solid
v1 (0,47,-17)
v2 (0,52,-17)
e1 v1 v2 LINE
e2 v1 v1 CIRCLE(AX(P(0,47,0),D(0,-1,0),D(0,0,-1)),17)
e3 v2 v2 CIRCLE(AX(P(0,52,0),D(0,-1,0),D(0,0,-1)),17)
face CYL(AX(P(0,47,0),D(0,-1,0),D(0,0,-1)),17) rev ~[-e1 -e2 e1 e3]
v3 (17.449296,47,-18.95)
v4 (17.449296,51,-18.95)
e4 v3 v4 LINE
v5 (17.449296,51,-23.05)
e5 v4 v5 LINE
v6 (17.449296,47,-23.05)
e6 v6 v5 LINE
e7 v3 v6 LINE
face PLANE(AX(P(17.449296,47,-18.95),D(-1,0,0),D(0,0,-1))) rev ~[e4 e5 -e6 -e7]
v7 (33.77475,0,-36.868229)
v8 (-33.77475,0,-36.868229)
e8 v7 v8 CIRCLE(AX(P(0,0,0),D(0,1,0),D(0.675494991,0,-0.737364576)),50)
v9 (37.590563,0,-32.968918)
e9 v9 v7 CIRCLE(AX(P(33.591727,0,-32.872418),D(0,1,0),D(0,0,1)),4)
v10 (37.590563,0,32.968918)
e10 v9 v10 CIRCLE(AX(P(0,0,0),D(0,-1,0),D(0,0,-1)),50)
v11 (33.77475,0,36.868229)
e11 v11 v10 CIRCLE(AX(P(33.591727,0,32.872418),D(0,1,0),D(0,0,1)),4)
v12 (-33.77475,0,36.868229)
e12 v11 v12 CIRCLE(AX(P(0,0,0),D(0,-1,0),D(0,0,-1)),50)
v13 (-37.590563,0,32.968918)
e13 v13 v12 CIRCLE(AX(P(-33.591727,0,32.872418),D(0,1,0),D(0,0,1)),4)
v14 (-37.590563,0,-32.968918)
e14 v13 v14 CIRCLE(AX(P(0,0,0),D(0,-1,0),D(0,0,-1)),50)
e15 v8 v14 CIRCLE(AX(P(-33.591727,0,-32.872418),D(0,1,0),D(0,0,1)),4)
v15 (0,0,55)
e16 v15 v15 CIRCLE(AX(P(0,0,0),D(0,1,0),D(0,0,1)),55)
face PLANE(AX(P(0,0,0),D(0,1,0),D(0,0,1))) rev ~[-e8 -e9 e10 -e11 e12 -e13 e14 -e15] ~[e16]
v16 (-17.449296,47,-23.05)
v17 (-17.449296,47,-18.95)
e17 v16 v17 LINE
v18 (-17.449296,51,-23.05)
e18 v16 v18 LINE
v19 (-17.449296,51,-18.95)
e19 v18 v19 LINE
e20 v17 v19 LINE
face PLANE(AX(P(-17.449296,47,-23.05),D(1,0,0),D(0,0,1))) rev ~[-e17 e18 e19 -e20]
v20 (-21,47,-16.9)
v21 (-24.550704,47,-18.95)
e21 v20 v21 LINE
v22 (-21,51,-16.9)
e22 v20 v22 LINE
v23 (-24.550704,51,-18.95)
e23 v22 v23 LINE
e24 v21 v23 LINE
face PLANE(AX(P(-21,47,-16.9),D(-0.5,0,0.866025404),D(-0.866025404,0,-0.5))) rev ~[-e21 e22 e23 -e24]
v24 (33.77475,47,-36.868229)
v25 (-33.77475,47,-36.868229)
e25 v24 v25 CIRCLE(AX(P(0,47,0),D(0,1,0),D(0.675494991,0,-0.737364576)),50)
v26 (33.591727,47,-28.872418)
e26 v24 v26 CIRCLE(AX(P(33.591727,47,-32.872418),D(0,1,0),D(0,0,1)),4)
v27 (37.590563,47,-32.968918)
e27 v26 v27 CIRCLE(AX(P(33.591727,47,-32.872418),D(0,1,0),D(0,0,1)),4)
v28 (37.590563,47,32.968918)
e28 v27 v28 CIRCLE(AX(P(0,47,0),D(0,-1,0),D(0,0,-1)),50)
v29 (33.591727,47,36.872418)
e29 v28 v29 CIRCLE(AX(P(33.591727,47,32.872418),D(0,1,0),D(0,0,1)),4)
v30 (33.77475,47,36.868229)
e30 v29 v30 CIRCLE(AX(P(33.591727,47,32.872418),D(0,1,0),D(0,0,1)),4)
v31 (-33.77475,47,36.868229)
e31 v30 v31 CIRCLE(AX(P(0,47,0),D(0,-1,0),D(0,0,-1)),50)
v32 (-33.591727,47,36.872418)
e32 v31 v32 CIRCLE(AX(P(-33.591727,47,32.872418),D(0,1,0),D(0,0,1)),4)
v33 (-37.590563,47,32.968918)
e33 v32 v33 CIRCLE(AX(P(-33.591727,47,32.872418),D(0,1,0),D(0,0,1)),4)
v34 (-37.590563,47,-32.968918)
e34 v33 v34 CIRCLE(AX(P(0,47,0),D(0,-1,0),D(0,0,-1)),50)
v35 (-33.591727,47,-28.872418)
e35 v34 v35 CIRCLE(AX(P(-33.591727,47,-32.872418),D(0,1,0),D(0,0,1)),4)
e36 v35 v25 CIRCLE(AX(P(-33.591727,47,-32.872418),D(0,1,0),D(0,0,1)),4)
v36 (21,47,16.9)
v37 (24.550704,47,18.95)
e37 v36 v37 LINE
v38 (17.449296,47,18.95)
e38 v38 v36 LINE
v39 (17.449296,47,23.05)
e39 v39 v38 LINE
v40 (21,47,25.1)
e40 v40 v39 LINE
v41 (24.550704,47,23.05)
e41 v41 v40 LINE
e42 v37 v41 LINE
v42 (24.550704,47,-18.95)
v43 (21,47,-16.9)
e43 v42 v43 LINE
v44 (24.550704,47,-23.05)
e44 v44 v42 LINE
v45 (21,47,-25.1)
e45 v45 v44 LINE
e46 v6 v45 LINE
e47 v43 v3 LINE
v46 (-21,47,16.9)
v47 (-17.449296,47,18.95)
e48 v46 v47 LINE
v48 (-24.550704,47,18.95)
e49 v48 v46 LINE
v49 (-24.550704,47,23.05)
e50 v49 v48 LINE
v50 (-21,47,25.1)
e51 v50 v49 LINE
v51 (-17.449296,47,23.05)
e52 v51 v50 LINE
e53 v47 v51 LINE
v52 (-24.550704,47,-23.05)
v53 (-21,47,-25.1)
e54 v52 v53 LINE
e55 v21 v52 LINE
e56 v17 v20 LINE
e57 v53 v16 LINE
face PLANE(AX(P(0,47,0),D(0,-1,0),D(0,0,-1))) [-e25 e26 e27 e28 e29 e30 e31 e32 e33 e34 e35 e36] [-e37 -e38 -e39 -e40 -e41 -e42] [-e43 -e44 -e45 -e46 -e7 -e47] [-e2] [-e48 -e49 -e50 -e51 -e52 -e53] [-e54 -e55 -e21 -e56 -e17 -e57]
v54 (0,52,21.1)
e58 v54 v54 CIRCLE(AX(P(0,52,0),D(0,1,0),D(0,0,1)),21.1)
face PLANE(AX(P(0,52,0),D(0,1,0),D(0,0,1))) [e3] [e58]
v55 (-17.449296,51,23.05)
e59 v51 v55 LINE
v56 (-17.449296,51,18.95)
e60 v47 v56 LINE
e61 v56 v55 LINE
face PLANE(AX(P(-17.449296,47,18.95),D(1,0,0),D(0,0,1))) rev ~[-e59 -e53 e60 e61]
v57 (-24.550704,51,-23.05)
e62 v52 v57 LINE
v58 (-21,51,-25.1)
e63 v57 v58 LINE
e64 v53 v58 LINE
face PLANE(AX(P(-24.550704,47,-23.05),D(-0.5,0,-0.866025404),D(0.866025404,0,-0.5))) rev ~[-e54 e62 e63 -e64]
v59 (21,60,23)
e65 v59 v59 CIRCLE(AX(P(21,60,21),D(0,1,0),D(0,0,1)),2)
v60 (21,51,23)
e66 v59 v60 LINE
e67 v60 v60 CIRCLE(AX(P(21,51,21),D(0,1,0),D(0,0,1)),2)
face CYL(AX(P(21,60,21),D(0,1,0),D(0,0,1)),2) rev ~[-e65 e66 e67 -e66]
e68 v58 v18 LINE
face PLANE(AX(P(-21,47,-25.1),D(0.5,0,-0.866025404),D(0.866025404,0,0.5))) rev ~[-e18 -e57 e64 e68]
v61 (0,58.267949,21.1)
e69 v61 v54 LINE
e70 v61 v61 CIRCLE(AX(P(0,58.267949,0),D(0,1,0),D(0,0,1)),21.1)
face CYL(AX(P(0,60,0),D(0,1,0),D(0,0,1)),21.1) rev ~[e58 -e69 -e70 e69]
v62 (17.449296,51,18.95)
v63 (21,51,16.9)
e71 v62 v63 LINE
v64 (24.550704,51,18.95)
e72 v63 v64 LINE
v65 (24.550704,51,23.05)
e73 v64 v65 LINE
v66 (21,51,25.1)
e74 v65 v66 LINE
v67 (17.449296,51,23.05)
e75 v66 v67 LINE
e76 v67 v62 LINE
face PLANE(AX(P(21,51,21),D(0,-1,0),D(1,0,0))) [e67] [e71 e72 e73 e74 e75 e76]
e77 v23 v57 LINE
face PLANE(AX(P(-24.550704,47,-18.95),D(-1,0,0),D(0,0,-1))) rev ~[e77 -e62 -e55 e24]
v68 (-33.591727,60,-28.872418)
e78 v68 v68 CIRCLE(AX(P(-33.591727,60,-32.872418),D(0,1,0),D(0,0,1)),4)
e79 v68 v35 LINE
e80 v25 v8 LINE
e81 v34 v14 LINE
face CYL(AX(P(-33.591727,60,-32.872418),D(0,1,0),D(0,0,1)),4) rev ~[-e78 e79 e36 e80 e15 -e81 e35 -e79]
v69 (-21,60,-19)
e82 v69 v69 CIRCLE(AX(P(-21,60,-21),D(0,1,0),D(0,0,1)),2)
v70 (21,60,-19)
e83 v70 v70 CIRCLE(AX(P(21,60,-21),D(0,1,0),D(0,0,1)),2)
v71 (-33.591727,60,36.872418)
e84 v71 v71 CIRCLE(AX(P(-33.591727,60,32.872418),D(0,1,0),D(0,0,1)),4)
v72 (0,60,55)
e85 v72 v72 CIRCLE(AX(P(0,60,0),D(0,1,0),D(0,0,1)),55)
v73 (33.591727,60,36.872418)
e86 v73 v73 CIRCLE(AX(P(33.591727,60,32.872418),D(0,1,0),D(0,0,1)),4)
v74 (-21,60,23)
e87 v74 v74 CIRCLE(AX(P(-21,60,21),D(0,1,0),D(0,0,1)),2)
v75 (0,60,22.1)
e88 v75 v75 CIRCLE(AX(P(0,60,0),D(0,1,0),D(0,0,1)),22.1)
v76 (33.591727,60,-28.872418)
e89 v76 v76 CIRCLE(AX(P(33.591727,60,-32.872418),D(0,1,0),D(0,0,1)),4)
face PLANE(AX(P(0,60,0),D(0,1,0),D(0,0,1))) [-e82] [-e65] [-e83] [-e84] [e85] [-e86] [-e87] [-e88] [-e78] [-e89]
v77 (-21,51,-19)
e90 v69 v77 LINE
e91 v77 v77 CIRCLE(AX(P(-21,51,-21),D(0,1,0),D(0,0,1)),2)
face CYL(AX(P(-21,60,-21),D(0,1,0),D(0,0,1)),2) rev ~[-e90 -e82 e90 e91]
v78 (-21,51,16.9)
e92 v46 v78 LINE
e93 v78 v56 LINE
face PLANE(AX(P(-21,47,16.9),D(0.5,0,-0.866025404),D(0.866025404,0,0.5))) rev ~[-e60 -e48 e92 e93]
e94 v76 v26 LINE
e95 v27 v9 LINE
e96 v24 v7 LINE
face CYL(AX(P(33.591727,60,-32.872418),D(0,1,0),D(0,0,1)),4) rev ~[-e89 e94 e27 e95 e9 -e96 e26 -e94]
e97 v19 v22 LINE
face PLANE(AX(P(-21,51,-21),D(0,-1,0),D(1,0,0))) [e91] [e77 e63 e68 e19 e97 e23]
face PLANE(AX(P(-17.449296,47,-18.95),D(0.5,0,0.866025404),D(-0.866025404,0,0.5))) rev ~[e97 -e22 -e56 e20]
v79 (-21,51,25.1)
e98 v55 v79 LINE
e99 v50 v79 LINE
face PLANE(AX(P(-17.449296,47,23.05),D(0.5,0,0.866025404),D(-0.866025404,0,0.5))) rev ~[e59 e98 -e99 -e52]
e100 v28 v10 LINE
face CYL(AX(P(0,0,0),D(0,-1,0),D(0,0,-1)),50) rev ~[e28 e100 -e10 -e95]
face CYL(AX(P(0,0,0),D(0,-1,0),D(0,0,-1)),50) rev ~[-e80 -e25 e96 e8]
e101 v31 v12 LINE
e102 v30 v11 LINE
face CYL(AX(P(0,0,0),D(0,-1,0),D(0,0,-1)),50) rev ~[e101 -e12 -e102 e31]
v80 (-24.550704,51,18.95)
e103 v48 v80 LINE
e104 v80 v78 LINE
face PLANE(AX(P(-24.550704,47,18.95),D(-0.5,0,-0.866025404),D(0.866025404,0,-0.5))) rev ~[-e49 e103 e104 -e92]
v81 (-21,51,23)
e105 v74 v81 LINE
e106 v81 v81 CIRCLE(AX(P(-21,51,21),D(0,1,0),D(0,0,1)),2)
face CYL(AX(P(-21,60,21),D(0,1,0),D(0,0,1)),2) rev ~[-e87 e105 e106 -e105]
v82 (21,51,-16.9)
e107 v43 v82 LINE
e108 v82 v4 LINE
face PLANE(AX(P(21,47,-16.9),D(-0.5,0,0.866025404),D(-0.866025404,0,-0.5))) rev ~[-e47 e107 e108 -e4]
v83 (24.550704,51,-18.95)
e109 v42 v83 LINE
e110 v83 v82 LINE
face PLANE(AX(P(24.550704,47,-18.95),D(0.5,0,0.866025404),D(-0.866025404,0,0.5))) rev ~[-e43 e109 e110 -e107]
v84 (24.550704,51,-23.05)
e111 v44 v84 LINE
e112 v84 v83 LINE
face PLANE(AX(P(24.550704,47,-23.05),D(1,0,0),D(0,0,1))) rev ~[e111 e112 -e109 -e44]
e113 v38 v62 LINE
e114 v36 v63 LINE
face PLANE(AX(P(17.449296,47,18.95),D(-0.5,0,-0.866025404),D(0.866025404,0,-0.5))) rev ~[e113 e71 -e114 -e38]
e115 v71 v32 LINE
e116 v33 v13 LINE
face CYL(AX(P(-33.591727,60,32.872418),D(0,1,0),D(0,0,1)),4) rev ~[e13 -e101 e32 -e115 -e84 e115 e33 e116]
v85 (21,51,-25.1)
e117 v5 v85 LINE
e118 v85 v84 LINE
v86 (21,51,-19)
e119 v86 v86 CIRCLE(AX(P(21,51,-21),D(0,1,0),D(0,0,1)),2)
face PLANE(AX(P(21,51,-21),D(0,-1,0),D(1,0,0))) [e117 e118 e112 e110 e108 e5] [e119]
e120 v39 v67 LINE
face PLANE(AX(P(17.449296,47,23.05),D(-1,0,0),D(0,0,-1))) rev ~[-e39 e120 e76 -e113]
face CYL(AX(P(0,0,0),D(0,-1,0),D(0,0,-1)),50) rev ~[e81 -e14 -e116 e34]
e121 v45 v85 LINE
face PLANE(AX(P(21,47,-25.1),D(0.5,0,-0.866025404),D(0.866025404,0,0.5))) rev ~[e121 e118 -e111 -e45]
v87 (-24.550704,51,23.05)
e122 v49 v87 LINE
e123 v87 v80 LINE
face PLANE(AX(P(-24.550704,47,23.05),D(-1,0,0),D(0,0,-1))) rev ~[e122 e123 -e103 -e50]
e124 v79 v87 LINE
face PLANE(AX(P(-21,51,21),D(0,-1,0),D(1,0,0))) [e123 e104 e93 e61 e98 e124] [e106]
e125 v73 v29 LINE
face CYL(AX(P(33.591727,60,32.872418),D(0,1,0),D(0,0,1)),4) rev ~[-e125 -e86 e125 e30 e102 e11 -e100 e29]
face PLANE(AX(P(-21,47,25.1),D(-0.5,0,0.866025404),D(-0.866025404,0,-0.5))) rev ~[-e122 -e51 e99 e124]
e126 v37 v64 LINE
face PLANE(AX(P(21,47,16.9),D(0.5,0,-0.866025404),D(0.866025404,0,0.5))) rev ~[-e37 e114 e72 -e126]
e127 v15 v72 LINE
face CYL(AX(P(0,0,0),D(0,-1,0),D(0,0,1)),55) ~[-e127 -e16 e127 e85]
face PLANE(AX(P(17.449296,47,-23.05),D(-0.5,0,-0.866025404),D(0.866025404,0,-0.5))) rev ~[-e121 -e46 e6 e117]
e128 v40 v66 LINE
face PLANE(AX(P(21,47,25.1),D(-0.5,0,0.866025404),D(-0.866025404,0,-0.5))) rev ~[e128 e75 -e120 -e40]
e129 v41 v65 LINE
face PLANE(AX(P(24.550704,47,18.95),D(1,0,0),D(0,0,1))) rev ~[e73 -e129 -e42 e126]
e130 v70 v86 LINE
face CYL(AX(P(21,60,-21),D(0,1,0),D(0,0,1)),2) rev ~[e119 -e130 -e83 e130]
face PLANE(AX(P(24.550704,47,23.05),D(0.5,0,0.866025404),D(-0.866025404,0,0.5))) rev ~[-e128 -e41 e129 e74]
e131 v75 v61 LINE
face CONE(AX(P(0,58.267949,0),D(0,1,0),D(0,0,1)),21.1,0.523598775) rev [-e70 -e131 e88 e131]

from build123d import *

# Parameters (mm, degrees)
SKETCH_1_R          = 55
EXTRUDE_1_DEPTH     = 60
SKETCH_2_R          = 50
CUT_EXTRUDE_1_DEPTH = 47
SKETCH_3_R          = 17
CUT_EXTRUDE_2_DEPTH = 14
SKETCH_4_R          = 4
CUT_EXTRUDE_3_DEPTH = 61
SKETCH1_R           = 21.1
CUT_EXTRUDE1_DEPTH  = 8
CHAMFER1_SIZE       = 1
CHAMFER1_SIZE2      = 1.732050808
SKETCH2_R           = 2
CUT_EXTRUDE2_DEPTH  = 61
CUT_EXTRUDE3_DEPTH  = 4


with BuildPart() as part:
    # Эскиз1 → Бобышка-Вытянуть1 (new body)
    with BuildSketch(Plane(origin=(0, 0, 0), x_dir=(1, 0, 0), z_dir=(0, 1, 0))):
        with Locations(Location((0, 0, 0), (0, 0, 270))):  # turned: the seam where the file's is
            Circle(SKETCH_1_R)
    extrude(amount=EXTRUDE_1_DEPTH)

    # Эскиз2 → Вырез-Вытянуть1 (cut)
    with BuildSketch(Plane.XZ):
        with Locations(Location((0, 0, 0), (0, 0, 270))):  # turned: the seam where the file's is
            Circle(SKETCH_2_R)
    extrude(amount=-CUT_EXTRUDE_1_DEPTH, mode=Mode.SUBTRACT)

    # Эскиз3 → Вырез-Вытянуть2 (cut, through all)
    with BuildSketch(Plane.XZ.offset(-47)):
        with Locations(Location((0, 0, 0), (0, 0, 270))):  # turned: the seam where the file's is
            Circle(SKETCH_3_R)
    extrude(amount=-CUT_EXTRUDE_2_DEPTH, mode=Mode.SUBTRACT)

    # Эскиз4 → Вырез-Вытянуть3 (cut, through all)
    with BuildSketch(Plane(origin=(0, 60, 0), x_dir=(1, 0, 0), z_dir=(0, 1, 0))):
        with Locations(Location((33.591727056, -32.872418125, 0), (0, 0, 270))):  # turned: the seam where the file's is
            Circle(SKETCH_4_R)
        with Locations(Location((-33.591727056, -32.872418125, 0), (0, 0, 270))):  # turned: the seam where the file's is
            Circle(SKETCH_4_R)
        with Locations(Location((-33.591727056, 32.872418125, 0), (0, 0, 270))):  # turned: the seam where the file's is
            Circle(SKETCH_4_R)
        with Locations(Location((33.591727056, 32.872418125, 0), (0, 0, 270))):  # turned: the seam where the file's is
            Circle(SKETCH_4_R)
    extrude(amount=-CUT_EXTRUDE_3_DEPTH, mode=Mode.SUBTRACT)

    # Sketch1 → Cut-Extrude1 (cut)
    with BuildSketch(Plane(origin=(0, 60, 0), x_dir=(1, 0, 0), z_dir=(0, 1, 0))):
        with Locations(Location((0, 0, 0), (0, 0, 270))):  # turned: the seam where the file's is
            Circle(SKETCH1_R)
    extrude(amount=-CUT_EXTRUDE1_DEPTH, mode=Mode.SUBTRACT)

    # Chamfer1
    chamfer1_edges = [part.edges().sort_by_distance(p)[0] for p in [
        (0, 60, -21.1),
    ]]
    chamfer1_side = [part.faces().sort_by_distance(p)[0] for p in [
        (0, 60, -53.444365081),
    ]]
    chamfer(chamfer1_edges, length=CHAMFER1_SIZE, length2=CHAMFER1_SIZE2, reference=chamfer1_side[0])

    # Sketch2 → Cut-Extrude2 (cut, through all)
    with BuildSketch(Plane(origin=(0, 60, 0), x_dir=(1, 0, 0), z_dir=(0, 1, 0))):
        with Locations(Location((21, 21, 0), (0, 0, 270))):  # turned: the seam where the file's is
            Circle(SKETCH2_R)
        with Locations(Location((-21, 21, 0), (0, 0, 270))):  # turned: the seam where the file's is
            Circle(SKETCH2_R)
        with Locations(Location((21, -21, 0), (0, 0, 270))):  # turned: the seam where the file's is
            Circle(SKETCH2_R)
        with Locations(Location((-21, -21, 0), (0, 0, 270))):  # turned: the seam where the file's is
            Circle(SKETCH2_R)
    extrude(amount=-CUT_EXTRUDE2_DEPTH, mode=Mode.SUBTRACT)

    # Sketch3 → Cut-Extrude3 (cut)
    with BuildSketch(Plane.XZ.offset(-47)):
        Polygon((-21, -16.9), (-24.550704156, -18.95), (-24.550704156, -23.05), (-21, -25.1), (-17.449295844, -23.05), (-17.449295844, -18.95), align=None)
        Polygon((-21, 25.1), (-24.550704156, 23.05), (-24.550704156, 18.95), (-21, 16.9), (-17.449295844, 18.95), (-17.449295844, 23.05), align=None)
        Polygon((24.550704156, 23.05), (21, 25.1), (17.449295844, 23.05), (17.449295844, 18.95), (21, 16.9), (24.550704156, 18.95), align=None)
        Polygon((24.550704156, -18.95), (21, -16.9), (17.449295844, -18.95), (17.449295844, -23.05), (21, -25.1), (24.550704156, -23.05), align=None)
    extrude(amount=-CUT_EXTRUDE3_DEPTH, mode=Mode.SUBTRACT)


solid = part.part
